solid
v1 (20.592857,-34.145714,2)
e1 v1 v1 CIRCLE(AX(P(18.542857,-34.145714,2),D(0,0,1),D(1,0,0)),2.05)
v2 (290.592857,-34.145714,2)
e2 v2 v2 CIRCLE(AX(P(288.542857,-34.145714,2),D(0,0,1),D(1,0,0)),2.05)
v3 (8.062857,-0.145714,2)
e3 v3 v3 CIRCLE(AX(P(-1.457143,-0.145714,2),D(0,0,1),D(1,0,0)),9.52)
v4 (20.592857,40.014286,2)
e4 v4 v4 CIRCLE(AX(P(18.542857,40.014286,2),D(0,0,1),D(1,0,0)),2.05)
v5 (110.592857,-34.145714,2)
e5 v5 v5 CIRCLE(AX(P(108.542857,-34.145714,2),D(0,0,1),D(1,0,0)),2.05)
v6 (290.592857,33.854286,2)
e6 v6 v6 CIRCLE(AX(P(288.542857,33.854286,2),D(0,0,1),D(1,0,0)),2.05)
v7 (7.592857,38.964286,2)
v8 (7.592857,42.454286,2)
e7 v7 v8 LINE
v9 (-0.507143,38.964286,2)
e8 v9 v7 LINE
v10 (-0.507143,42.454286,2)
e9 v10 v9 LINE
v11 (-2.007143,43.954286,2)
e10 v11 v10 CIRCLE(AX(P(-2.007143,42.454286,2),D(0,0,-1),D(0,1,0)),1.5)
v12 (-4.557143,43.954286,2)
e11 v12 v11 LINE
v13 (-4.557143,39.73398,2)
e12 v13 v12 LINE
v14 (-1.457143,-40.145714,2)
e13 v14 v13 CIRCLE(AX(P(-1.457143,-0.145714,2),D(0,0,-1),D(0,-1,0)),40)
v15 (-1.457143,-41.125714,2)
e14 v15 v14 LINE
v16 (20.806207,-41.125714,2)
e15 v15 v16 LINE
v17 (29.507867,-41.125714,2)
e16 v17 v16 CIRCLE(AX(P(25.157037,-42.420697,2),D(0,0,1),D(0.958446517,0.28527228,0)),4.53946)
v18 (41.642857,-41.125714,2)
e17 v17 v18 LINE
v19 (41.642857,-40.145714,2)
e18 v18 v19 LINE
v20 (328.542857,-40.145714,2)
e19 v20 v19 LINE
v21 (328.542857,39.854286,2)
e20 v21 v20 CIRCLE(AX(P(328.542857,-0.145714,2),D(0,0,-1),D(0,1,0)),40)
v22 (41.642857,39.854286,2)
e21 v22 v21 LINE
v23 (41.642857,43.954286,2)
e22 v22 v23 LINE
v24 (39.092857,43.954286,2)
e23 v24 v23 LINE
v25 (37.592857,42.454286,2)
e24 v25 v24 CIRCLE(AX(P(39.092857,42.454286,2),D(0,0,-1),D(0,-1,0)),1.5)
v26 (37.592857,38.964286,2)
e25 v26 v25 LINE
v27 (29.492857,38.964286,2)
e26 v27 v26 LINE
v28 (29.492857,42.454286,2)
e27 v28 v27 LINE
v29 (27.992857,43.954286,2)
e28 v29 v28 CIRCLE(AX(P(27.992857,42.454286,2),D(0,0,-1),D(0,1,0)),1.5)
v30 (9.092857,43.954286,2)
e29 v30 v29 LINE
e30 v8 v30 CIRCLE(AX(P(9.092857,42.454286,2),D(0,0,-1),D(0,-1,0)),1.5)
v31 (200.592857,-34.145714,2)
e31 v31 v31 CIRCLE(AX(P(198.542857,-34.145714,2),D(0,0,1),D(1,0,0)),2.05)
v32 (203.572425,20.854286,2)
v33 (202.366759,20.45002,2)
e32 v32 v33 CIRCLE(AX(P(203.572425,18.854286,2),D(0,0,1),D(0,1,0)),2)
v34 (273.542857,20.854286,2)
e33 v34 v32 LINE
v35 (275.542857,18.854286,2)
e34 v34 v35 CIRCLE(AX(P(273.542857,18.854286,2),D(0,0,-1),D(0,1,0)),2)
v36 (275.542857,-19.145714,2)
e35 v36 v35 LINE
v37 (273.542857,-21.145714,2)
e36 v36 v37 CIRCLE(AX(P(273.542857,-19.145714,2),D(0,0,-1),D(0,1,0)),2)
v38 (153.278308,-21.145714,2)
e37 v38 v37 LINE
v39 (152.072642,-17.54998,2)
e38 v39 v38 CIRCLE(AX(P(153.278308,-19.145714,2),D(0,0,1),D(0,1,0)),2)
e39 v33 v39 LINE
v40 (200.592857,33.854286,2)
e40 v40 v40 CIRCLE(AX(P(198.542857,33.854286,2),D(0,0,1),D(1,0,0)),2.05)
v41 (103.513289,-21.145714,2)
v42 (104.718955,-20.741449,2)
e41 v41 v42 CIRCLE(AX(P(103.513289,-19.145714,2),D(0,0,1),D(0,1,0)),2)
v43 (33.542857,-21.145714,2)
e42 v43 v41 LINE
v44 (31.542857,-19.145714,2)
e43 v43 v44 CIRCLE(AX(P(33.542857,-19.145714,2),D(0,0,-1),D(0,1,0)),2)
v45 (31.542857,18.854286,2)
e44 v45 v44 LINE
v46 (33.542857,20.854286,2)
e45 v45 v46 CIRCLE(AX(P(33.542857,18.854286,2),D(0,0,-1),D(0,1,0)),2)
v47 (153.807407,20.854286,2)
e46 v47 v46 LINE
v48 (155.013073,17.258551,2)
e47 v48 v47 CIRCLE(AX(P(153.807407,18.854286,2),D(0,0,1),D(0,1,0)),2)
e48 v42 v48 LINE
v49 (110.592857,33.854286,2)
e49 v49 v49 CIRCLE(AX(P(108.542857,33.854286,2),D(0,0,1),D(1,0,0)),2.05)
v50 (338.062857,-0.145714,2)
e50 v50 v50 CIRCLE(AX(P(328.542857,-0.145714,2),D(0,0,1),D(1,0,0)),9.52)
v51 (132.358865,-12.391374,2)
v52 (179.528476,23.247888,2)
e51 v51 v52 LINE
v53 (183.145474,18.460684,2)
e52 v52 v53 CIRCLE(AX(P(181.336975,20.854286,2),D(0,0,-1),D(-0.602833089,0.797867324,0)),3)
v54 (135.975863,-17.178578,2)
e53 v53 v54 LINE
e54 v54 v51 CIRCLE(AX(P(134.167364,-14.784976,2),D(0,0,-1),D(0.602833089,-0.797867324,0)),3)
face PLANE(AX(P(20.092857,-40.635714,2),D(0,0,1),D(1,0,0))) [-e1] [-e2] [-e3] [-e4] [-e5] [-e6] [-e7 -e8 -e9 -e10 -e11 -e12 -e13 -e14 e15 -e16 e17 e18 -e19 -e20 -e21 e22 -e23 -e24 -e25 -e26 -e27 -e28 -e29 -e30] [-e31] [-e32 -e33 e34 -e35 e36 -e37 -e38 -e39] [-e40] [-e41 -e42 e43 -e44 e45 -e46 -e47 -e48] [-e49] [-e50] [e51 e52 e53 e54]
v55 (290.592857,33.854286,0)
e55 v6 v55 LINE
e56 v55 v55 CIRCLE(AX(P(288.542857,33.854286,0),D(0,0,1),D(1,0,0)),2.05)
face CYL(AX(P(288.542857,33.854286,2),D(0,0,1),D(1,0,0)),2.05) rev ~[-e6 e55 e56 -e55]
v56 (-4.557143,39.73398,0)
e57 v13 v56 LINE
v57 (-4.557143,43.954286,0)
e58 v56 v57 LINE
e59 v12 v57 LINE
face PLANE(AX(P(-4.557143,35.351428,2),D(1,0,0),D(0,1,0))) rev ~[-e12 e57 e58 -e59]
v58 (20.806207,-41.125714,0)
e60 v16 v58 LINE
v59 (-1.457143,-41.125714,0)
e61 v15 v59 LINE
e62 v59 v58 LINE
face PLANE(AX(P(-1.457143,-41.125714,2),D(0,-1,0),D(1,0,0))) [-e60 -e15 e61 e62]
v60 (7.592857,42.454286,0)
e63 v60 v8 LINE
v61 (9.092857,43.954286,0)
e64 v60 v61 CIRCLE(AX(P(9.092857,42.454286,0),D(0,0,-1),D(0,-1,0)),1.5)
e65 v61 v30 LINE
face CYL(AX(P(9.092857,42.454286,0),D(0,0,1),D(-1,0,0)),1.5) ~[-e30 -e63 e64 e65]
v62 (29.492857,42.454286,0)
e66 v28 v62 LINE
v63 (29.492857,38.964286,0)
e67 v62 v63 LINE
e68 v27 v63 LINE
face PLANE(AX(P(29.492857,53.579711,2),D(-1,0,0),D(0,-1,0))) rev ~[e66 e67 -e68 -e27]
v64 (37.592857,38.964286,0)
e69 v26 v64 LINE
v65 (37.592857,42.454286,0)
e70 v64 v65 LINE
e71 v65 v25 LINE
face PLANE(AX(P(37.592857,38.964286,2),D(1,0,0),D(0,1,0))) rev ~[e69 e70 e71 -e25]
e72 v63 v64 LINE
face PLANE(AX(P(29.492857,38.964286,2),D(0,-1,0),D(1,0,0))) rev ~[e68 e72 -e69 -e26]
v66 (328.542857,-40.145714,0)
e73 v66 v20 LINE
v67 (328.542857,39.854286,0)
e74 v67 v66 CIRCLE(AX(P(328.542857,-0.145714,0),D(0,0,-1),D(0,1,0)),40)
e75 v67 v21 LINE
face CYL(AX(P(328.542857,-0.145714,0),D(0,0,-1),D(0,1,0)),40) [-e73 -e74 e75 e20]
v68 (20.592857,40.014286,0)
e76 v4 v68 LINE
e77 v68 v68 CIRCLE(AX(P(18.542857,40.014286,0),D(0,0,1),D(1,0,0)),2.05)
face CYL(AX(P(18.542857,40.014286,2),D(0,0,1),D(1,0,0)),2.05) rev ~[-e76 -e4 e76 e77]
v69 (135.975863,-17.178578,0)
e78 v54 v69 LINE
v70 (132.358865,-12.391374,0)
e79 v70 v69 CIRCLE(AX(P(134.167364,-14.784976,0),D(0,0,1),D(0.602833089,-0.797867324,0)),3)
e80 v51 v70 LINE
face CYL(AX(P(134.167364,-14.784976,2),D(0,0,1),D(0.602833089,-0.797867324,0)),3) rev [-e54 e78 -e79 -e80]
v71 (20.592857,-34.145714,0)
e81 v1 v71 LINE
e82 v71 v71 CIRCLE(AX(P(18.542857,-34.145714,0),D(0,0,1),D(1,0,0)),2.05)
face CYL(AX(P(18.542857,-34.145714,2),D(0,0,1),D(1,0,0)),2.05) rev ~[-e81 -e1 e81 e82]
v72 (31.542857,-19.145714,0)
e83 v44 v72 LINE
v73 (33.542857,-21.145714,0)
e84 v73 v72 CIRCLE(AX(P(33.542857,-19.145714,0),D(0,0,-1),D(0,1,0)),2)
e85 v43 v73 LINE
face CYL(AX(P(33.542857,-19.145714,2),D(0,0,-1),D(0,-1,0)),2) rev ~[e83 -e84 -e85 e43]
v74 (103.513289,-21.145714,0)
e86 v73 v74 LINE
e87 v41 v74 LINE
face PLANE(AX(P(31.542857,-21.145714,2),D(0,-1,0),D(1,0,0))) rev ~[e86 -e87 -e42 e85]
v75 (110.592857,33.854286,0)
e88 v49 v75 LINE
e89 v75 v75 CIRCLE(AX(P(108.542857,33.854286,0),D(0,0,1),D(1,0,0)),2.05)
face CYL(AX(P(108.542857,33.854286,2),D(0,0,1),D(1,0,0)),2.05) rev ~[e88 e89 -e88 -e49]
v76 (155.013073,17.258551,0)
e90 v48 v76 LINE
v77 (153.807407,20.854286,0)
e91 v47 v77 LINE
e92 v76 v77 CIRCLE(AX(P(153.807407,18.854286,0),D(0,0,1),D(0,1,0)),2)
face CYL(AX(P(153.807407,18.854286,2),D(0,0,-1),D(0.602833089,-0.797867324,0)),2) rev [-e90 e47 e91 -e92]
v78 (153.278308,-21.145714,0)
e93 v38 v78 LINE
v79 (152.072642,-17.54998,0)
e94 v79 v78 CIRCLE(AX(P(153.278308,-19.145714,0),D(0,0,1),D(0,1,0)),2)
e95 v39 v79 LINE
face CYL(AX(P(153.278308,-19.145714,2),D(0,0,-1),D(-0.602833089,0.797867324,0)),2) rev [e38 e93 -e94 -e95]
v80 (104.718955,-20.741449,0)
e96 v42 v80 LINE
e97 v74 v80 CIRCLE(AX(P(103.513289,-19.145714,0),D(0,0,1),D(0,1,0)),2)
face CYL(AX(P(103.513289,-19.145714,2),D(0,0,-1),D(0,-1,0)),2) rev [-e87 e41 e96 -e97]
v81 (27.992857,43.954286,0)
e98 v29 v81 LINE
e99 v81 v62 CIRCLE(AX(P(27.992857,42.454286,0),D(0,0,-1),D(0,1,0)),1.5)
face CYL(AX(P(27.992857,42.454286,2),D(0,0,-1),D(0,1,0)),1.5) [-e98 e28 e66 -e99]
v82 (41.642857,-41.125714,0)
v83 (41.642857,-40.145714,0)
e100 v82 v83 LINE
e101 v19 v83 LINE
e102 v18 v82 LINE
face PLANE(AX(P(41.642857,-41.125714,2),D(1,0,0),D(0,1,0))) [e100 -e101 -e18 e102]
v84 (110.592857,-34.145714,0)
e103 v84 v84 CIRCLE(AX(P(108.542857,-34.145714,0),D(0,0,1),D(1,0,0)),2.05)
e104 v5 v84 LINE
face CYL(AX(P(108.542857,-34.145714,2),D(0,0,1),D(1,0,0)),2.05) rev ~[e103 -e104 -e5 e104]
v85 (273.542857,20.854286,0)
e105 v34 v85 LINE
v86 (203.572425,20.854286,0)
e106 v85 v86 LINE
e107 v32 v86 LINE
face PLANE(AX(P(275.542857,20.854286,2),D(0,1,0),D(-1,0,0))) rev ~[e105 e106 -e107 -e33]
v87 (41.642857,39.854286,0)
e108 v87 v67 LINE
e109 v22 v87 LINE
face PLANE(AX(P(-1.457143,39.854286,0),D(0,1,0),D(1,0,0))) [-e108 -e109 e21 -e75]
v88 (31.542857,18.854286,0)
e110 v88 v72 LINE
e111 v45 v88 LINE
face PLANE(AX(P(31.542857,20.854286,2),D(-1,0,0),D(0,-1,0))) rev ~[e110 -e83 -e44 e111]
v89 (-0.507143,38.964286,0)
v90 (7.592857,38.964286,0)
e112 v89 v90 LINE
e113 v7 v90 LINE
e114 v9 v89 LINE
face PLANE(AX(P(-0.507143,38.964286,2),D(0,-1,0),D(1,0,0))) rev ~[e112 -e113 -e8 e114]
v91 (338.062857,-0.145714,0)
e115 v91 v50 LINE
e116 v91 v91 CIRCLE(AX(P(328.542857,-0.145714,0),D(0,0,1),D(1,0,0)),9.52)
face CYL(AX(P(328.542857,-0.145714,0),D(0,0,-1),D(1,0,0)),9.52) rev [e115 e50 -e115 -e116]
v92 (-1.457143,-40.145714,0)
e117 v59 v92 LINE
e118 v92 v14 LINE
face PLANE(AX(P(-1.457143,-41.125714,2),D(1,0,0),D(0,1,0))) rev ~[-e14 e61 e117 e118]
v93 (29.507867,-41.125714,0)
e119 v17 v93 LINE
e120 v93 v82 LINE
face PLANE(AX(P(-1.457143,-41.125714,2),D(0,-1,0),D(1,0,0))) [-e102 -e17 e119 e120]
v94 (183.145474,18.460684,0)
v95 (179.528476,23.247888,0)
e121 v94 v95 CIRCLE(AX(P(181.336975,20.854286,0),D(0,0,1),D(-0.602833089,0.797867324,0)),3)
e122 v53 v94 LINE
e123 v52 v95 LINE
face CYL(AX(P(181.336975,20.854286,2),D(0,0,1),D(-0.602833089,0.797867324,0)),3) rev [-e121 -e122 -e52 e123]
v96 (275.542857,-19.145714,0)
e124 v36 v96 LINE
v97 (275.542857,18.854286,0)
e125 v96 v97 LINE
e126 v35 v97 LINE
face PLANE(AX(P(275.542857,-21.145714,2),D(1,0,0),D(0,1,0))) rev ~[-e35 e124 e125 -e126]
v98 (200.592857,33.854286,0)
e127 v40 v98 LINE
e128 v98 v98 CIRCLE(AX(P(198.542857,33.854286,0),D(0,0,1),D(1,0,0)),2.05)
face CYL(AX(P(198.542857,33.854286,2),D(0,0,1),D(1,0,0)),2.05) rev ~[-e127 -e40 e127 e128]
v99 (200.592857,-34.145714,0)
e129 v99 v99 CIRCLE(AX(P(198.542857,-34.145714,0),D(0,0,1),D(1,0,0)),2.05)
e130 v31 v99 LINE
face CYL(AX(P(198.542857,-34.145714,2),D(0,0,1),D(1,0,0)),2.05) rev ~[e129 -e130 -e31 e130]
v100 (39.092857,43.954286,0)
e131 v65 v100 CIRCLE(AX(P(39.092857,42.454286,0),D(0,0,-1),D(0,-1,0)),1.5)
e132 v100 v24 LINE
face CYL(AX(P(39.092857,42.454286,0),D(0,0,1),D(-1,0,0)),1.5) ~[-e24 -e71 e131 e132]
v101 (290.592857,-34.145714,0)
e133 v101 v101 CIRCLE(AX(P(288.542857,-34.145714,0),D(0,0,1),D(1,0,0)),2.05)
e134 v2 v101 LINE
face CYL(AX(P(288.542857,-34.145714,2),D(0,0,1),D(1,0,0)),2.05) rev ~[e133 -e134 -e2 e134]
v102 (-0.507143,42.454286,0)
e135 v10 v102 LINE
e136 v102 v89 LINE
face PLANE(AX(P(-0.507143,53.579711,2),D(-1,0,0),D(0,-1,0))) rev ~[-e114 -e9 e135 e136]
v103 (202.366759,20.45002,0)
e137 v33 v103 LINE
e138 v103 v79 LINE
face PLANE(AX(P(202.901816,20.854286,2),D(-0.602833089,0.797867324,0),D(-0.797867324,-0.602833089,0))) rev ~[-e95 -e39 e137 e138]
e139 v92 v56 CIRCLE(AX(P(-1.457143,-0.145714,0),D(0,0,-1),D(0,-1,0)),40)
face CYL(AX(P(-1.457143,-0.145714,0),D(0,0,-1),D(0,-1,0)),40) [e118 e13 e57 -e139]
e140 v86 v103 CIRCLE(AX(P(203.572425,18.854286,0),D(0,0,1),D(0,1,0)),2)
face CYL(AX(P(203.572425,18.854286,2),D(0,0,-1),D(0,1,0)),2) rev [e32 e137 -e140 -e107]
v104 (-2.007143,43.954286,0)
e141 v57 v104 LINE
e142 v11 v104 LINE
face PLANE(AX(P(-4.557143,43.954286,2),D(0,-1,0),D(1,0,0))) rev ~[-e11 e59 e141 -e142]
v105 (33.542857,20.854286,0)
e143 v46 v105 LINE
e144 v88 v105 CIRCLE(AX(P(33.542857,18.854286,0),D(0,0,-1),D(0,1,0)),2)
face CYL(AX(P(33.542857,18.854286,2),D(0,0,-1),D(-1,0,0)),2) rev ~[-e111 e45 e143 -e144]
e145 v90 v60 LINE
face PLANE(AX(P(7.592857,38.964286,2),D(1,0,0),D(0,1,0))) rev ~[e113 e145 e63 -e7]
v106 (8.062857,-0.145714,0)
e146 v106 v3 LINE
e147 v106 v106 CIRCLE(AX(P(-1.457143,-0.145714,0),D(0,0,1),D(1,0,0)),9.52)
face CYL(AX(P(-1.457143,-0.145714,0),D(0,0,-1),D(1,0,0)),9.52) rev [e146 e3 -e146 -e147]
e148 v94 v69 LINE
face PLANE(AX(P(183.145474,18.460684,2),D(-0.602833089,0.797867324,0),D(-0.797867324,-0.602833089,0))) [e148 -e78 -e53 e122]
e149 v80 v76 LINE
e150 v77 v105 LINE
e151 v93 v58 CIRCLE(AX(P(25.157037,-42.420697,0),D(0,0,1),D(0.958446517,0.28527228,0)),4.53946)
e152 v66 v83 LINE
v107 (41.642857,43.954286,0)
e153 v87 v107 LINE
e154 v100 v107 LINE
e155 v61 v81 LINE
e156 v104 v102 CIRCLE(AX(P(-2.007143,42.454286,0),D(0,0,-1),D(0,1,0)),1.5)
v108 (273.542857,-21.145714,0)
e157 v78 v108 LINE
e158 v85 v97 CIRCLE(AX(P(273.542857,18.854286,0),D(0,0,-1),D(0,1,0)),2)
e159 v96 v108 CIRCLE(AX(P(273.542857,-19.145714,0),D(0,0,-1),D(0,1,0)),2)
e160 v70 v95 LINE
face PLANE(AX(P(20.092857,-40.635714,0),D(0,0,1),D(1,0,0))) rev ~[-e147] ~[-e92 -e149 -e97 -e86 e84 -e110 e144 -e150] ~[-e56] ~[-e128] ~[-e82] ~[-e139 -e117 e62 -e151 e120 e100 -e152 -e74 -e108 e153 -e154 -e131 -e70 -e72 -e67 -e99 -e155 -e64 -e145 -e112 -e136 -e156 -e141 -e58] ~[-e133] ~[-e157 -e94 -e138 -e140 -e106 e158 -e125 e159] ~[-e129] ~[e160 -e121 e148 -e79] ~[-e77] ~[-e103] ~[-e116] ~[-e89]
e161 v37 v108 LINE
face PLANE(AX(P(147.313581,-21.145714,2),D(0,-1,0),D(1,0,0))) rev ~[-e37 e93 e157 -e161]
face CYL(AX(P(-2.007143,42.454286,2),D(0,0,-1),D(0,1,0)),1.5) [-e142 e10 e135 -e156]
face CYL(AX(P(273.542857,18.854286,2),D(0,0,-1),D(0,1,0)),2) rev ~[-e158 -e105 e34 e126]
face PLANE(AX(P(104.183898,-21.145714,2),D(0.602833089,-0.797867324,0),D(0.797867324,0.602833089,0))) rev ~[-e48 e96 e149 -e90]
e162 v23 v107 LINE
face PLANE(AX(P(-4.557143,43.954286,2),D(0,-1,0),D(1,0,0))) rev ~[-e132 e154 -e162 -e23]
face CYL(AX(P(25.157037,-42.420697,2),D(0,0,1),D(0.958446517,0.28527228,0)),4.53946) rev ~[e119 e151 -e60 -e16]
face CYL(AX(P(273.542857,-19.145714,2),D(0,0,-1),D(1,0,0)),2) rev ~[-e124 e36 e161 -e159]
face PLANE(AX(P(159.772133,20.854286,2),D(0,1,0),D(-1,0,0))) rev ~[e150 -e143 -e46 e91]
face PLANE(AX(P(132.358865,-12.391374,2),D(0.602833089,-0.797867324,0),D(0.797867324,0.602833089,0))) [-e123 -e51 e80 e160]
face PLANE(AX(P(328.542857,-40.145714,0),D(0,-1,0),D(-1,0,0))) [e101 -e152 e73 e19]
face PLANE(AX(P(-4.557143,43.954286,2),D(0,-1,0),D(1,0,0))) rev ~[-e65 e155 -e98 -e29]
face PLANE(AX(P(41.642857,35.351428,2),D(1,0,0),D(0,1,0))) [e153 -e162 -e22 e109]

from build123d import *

# Parameters (mm, degrees)
SKETCH_1_R          = 9.52
EXTRUDE_1_DEPTH     = 2
SKETCH_4_W          = 43.1
SKETCH_4_H          = 0.98
SKETCH_4_W_2        = 46.2
SKETCH_4_H_2        = 8.602857229
EXTRUDE_2_DEPTH     = 2
SKETCH_2_R          = 2.05
CUT_EXTRUDE_1_DEPTH = 4
CUT_EXTRUDE_2_DEPTH = 10
FILLET_1_R          = 2
CUT_EXTRUDE_3_DEPTH = 2
FILLET_2_R          = 1.5


with BuildPart() as part:
    # 草图1 → 凸台-拉伸1 (new body)
    with BuildSketch(Plane.XY):
        with BuildLine():
            Line((328.542857143, -40.145714286), (-1.457142857, -40.145714286))
            ThreePointArc((-1.457142857, -40.145714286), (-41.457142857, -0.145714286), (-1.457142857, 39.854285714))
            Line((-1.457142857, 39.854285714), (328.542857143, 39.854285714))
            ThreePointArc((328.542857143, 39.854285714), (368.542857143, -0.145714286), (328.542857143, -40.145714286))
        make_face()
        with Locations((-1.457142857, -0.145714286)):
            Circle(SKETCH_1_R, mode=Mode.SUBTRACT)
        with Locations((328.542857143, -0.145714286)):
            Circle(SKETCH_1_R, mode=Mode.SUBTRACT)
    extrude(amount=EXTRUDE_1_DEPTH)

    # 草图4 → 凸台-拉伸2 (add)
    with BuildSketch(Plane.XY.offset(2)):
        with Locations((20.092857143, -40.635714286)):
            Rectangle(SKETCH_4_W, SKETCH_4_H)
        with Locations((18.542857143, 39.652857099)):
            Rectangle(SKETCH_4_W_2, SKETCH_4_H_2)
    extrude(amount=-EXTRUDE_2_DEPTH)

    # 草图2 → 切除-拉伸1 (cut)
    with BuildSketch(Plane.XY.offset(2)):
        with Locations((108.542857143, 33.854285714)):
            Circle(SKETCH_2_R)
        with Locations((198.542857143, 33.854285714)):
            Circle(SKETCH_2_R)
        with Locations((288.542857143, 33.854285714)):
            Circle(SKETCH_2_R)
        with Locations((108.542857143, -34.145714286)):
            Circle(SKETCH_2_R)
        with Locations((198.542857143, -34.145714286)):
            Circle(SKETCH_2_R)
        with Locations((288.542857143, -34.145714286)):
            Circle(SKETCH_2_R)
        with Locations((18.542857143, -34.145714286)):
            Circle(SKETCH_2_R)
        with Locations((18.542857143, 40.014285714)):
            Circle(SKETCH_2_R)
        Polygon((31.542857143, -21.145714286), (104.183898028, -21.145714286), (159.772133322, 20.854285714), (31.542857143, 20.854285714), align=None)
        Polygon((275.542857143, 20.854285714), (202.901816258, 20.854285714), (147.313580964, -21.145714286), (275.542857143, -21.145714286), align=None)
        Polygon((29.492857143, 41.064285714), (29.492857143, 38.964285714), (37.592857143, 38.964285714), (37.592857143, 41.064285714), (37.592857143, 53.579710622), (29.492857143, 53.579710622), align=None)
        Polygon((-0.507142857, 41.064285714), (-0.507142857, 38.964285714), (7.592857143, 38.964285714), (7.592857143, 41.064285714), (7.592857143, 53.579710622), (-0.507142857, 53.579710622), align=None)
    extrude(amount=-CUT_EXTRUDE_1_DEPTH, mode=Mode.SUBTRACT)

    # 草图3 → 切除-拉伸2 (cut)
    with BuildSketch(Plane.XY.offset(2)):
        with BuildLine():
            Line((183.145474057, 18.460683743), (135.97586329, -17.178577727))
            ThreePointArc((135.97586329, -17.178577727), (131.77376205, -16.593475022), (132.358864754, -12.391373783))
            Line((132.358864754, -12.391373783), (179.528475522, 23.247887686))
            ThreePointArc((179.528475522, 23.247887686), (183.730576762, 22.662784982), (183.145474057, 18.460683743))
        make_face()
    extrude(amount=-CUT_EXTRUDE_2_DEPTH, mode=Mode.SUBTRACT)

    # 圆角1
    fillet_1_edges = [part.edges().sort_by_distance(p)[0] for p in [
        (275.542857143, 20.854285714, 1),
        (275.542857143, -21.145714286, 1),
        (147.313580964, -21.145714286, 1),
        (202.901816258, 20.854285714, 1),
        (31.542857143, -21.145714286, 1),
        (31.542857143, 20.854285714, 1),
        (159.772133322, 20.854285714, 1),
        (104.183898028, -21.145714286, 1),
    ]]
    fillet(fillet_1_edges, radius=FILLET_1_R)

    # 草图5 → 切除-拉伸3 (cut)
    with BuildSketch(Plane.XY.offset(2)):
        with BuildLine():
            Line((20.806207352, -41.125714286), (29.507867411, -41.125714286))
            ThreePointArc((29.507867411, -41.125714286), (25.157037382, -37.88123609), (20.806207352, -41.125714286))
        make_face()
    extrude(amount=-CUT_EXTRUDE_3_DEPTH, mode=Mode.SUBTRACT)

    # 圆角2
    fillet_2_edges = [part.edges().sort_by_distance(p)[0] for p in [
        (37.592857143, 43.954285714, 1),
        (29.492857143, 43.954285714, 1),
        (-0.507142857, 43.954285714, 1),
        (7.592857143, 43.954285714, 1),
    ]]
    fillet(fillet_2_edges, radius=FILLET_2_R)


solid = part.part
